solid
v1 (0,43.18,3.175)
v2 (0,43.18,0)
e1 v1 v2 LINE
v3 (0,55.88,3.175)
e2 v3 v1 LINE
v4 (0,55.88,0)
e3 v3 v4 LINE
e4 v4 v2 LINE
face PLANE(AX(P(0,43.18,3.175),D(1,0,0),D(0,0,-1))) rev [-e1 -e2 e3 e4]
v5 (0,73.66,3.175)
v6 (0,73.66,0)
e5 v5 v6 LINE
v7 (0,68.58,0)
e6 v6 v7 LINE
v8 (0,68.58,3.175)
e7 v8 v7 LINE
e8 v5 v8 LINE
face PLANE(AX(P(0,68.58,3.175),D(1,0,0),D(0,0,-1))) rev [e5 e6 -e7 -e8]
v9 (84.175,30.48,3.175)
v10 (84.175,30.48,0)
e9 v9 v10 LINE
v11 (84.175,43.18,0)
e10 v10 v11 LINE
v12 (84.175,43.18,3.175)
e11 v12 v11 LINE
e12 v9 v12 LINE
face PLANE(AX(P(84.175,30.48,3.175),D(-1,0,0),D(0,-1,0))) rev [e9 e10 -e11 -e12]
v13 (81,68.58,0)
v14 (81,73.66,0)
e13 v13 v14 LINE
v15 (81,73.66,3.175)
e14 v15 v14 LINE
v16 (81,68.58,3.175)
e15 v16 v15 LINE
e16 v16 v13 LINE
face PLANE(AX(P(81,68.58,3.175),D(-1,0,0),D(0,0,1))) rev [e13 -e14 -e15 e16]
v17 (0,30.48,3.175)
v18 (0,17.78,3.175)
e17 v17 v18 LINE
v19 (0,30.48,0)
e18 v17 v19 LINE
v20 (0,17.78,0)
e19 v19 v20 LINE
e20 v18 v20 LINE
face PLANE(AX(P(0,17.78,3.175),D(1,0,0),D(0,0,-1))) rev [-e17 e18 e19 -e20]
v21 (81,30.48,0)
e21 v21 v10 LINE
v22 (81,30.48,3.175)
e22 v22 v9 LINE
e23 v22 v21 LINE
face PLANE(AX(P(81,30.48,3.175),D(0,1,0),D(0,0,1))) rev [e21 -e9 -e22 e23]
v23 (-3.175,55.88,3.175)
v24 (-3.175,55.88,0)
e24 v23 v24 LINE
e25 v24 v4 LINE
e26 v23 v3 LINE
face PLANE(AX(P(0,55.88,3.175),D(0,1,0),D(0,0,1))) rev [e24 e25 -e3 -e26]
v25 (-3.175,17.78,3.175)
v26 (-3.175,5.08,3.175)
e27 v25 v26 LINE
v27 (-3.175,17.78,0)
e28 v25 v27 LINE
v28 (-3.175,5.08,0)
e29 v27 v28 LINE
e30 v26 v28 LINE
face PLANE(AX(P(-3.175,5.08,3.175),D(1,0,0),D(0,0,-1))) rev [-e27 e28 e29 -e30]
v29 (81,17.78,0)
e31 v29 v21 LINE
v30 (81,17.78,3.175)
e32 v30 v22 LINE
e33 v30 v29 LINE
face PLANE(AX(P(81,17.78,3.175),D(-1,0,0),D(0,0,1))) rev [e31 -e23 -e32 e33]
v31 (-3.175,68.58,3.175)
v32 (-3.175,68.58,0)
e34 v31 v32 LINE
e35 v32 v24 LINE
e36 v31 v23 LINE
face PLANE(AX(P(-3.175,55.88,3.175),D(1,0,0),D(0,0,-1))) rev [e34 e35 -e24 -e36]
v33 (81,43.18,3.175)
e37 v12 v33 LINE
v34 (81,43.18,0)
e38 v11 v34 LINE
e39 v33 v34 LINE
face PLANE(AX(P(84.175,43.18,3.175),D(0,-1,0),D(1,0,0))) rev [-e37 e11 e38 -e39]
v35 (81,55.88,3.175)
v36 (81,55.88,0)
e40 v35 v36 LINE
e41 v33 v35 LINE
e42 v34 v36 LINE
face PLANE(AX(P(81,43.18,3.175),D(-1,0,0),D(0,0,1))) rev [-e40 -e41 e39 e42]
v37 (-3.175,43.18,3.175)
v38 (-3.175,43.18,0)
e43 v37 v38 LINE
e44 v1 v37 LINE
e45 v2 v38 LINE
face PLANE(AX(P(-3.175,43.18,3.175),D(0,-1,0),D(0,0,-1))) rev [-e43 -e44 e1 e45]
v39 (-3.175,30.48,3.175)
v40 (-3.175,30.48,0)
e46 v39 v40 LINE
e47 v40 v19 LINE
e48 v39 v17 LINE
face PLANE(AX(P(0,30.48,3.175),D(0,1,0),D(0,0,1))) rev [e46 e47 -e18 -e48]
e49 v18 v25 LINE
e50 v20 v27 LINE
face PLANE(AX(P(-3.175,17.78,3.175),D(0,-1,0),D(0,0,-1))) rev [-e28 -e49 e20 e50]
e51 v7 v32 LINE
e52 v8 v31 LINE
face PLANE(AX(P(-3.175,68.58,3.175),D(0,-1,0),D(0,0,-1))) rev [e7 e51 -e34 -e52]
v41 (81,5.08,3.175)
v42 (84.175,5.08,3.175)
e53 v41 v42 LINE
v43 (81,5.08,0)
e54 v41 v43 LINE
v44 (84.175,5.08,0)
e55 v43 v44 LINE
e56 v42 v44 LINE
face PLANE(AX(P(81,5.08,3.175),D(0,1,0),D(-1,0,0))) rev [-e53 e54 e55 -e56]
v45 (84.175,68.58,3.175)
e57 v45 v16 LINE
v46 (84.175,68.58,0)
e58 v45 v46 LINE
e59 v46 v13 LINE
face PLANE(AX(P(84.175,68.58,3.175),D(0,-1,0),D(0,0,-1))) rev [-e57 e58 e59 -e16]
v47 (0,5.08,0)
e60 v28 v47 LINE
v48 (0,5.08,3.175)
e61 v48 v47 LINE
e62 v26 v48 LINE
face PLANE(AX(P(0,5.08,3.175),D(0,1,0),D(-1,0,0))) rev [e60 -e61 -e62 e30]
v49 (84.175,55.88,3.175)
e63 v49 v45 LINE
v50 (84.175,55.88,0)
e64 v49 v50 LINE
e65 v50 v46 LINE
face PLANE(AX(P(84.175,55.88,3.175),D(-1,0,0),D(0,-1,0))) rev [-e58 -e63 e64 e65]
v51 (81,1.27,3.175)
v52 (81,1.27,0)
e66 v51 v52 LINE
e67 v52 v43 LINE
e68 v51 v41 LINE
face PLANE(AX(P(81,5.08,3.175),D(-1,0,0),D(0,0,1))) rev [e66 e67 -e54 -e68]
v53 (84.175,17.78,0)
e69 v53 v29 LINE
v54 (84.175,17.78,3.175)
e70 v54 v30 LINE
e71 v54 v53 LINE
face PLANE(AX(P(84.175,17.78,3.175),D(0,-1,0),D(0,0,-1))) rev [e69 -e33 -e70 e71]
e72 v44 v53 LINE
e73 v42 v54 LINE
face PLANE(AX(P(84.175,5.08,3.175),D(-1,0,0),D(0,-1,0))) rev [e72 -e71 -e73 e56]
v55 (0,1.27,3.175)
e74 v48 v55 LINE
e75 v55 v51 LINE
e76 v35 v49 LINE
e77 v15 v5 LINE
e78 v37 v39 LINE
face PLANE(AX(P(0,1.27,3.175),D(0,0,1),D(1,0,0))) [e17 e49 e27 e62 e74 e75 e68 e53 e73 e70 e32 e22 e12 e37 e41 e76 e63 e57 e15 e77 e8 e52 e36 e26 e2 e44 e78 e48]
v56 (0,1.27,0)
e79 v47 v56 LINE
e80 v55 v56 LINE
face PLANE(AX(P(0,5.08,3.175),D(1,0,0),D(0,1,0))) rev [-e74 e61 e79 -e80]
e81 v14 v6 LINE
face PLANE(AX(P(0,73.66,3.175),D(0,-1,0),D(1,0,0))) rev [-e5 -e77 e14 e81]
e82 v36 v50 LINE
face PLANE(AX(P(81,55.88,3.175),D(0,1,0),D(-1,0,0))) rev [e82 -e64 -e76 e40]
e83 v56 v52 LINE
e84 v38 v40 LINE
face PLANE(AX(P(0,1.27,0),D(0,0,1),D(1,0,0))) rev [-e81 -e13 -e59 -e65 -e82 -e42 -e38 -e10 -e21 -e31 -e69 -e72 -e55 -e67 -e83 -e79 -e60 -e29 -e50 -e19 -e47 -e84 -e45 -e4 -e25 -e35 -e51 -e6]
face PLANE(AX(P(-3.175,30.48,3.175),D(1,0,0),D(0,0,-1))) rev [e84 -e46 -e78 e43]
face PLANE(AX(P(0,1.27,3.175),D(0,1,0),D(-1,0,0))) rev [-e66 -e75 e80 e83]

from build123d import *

# Parameters (mm, degrees)
BOSS_EXTRUDE1_DEPTH = 3.175


with BuildPart() as part:
    # Sketch1 → Boss-Extrude1 (new body)
    with BuildSketch(Plane.XY):
        Polygon((0, 5.08), (-3.175, 5.08), (-3.175, 17.78), (0, 17.78), (0, 30.48), (-3.175, 30.48), (-3.175, 43.18), (0, 43.18), (0, 55.88), (-3.175, 55.88), (-3.175, 68.58), (0, 68.58), (0, 73.66), (81, 73.66), (81, 68.58), (84.175, 68.58), (84.175, 55.88), (81, 55.88), (81, 43.18), (84.175, 43.18), (84.175, 30.48), (81, 30.48), (81, 17.78), (84.175, 17.78), (84.175, 5.08), (81, 5.08), (81, 1.27), (0, 1.27), align=None)
    extrude(amount=BOSS_EXTRUDE1_DEPTH)


solid = part.part
